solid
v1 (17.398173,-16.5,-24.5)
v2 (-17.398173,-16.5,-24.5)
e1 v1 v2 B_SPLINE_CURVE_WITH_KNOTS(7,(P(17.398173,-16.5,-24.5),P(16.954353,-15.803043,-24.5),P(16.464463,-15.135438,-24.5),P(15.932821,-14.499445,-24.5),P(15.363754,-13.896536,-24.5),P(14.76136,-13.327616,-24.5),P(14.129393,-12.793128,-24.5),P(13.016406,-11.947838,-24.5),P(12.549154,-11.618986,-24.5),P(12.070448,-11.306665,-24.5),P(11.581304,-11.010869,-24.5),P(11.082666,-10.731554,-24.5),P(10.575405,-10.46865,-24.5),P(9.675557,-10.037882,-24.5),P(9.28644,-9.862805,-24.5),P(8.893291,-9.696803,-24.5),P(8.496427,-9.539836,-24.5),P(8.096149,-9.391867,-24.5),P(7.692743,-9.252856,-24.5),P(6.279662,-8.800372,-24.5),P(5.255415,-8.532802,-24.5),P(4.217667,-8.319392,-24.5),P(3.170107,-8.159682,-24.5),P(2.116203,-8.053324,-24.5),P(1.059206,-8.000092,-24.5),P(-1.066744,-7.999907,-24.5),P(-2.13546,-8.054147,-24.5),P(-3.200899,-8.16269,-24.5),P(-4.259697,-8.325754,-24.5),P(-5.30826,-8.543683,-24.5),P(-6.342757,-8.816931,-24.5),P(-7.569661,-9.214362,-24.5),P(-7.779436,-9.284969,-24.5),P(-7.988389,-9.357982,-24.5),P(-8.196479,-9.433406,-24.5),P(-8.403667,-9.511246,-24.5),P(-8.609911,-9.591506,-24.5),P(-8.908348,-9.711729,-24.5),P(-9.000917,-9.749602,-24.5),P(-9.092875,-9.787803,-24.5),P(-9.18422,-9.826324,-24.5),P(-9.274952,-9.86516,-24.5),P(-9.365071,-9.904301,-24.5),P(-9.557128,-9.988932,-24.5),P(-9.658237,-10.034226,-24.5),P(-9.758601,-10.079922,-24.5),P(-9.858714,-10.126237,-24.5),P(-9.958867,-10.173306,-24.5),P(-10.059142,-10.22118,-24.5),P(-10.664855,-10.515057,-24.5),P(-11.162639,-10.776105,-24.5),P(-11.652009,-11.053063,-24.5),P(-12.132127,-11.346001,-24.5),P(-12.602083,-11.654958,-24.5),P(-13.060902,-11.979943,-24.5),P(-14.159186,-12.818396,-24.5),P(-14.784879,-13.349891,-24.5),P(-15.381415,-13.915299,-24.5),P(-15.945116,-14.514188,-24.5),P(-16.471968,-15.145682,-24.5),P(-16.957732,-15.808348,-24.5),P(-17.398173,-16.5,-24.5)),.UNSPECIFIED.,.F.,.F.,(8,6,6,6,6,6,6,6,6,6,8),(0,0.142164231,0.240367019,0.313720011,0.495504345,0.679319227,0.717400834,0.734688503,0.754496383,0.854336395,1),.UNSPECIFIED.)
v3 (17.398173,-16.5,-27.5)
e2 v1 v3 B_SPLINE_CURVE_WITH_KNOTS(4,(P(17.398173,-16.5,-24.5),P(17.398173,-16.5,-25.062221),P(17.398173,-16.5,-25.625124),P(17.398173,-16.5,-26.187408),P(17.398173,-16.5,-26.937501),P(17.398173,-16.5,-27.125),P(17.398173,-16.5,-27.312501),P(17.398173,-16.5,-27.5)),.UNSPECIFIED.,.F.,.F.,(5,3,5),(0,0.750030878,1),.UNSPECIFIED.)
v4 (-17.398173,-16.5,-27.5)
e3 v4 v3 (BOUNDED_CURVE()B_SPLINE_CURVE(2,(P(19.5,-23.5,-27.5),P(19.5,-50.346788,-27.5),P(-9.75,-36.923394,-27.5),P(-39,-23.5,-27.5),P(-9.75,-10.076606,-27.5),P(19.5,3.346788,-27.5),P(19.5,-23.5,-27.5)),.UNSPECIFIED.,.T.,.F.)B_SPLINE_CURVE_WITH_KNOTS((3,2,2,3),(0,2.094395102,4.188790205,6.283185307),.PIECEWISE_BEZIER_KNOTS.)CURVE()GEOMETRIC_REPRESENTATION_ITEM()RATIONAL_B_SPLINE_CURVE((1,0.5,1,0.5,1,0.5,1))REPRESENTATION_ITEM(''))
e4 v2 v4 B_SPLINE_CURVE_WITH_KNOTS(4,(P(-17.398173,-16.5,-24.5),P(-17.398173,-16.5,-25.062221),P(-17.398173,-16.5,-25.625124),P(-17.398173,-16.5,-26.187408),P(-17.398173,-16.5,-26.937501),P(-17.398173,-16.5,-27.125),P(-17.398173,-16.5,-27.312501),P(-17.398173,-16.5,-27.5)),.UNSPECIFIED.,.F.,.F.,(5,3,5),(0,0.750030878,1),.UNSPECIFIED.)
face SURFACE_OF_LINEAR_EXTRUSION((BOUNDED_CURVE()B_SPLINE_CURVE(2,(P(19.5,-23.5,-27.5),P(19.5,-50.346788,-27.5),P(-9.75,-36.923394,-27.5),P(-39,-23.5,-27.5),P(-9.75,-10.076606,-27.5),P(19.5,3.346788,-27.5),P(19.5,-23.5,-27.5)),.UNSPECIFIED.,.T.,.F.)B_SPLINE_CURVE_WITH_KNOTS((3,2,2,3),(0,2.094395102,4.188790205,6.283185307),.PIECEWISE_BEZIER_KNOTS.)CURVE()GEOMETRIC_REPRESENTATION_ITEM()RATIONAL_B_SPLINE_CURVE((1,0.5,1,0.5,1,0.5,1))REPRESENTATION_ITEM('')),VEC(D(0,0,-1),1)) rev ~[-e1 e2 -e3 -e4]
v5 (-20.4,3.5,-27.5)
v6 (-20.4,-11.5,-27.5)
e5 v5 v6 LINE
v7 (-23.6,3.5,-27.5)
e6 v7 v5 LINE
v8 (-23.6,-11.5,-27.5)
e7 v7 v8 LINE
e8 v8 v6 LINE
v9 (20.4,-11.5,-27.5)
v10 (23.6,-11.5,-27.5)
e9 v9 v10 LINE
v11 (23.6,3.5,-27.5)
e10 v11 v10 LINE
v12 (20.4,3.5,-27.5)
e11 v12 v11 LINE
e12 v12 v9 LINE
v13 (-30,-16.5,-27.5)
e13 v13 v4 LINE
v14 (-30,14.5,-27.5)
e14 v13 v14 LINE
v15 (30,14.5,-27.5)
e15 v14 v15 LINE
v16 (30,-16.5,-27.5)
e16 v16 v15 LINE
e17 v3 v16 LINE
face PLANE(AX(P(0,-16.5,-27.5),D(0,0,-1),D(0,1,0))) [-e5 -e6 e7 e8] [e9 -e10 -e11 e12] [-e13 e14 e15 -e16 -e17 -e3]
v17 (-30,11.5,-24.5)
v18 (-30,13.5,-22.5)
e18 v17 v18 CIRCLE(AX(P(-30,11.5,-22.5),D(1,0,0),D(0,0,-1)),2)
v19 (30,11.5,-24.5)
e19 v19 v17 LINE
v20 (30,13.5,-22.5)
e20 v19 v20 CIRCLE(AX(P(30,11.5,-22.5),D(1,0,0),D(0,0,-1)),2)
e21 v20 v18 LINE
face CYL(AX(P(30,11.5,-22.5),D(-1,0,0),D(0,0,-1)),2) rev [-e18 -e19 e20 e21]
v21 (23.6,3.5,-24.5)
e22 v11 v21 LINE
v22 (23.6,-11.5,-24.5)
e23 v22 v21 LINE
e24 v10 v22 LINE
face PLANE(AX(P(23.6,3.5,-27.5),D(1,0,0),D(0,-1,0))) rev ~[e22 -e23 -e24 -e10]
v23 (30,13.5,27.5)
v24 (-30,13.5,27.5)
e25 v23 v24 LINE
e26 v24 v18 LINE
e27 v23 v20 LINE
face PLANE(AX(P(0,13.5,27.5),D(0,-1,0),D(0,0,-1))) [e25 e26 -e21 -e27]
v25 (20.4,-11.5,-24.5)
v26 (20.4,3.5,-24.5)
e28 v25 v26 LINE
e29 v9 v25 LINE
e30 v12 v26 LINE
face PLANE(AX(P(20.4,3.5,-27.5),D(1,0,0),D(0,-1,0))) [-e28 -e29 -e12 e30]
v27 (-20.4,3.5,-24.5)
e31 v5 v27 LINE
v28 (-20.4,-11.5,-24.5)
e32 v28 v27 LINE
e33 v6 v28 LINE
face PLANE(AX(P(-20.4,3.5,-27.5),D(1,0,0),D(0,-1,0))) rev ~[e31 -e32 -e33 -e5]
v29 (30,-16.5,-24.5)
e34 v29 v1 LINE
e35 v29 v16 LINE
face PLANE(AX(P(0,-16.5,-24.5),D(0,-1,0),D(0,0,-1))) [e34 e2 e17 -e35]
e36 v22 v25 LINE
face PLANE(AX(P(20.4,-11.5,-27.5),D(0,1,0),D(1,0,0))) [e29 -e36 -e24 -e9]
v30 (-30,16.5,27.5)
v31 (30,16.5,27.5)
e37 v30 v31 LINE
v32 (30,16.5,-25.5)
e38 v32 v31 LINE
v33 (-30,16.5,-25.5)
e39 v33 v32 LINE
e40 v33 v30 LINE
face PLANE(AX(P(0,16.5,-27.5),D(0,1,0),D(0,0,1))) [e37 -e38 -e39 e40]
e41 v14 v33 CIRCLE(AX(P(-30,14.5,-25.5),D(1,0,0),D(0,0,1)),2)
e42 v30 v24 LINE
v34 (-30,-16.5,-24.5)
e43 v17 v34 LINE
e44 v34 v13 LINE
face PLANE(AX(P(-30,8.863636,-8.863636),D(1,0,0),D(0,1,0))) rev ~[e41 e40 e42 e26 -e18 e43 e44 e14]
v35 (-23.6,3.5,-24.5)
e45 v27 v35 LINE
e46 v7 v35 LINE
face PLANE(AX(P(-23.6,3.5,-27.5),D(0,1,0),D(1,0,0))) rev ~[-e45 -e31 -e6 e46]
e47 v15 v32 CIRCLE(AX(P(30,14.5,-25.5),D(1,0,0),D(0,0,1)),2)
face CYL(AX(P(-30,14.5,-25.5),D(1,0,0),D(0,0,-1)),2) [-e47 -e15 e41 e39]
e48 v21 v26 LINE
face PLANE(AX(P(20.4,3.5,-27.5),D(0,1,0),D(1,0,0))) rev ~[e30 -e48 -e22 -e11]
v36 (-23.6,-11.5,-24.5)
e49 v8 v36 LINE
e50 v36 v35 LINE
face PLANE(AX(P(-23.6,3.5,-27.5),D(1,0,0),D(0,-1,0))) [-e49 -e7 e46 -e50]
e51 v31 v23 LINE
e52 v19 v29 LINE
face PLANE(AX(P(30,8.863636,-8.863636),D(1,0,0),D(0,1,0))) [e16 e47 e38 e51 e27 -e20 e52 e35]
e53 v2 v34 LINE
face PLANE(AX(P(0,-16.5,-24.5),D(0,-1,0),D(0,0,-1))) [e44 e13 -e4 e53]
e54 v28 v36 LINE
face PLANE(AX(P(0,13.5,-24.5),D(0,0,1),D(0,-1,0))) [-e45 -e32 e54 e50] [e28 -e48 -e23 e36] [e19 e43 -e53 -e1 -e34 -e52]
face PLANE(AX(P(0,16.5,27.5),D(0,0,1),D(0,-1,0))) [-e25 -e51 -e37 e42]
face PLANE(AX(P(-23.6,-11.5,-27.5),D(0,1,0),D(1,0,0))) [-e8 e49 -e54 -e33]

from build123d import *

# Parameters (mm, degrees)
F1_DEPTH = 30
F2_W     = 3.2
F2_H     = 15
F3_DEPTH = 25
F5_DEPTH = 25
F6_R     = 2


with BuildPart() as f1:
    # F0 (on Right) → F1 (new body, symmetric)
    with BuildSketch(Plane.YZ):
        Polygon((-16.5, -24.5), (-16.5, -27.5), (16.5, -27.5), (16.5, 27.5), (13.5, 27.5), (13.5, -24.5), align=None)
    extrude(amount=F1_DEPTH, both=True)

    # F2 (on face) → F3 (cut)
    with BuildSketch(Plane(origin=(0, 0, -27.5), x_dir=(1, 0, 0), z_dir=(0, 0, -1))):
        with Locations((22, 4)):
            Rectangle(F2_W, F2_H)
        with Locations((-22, 4)):
            Rectangle(F2_W, F2_H)
    extrude(amount=-F3_DEPTH, mode=Mode.SUBTRACT)

    # F4 (on face) → F5 (cut)
    with BuildSketch(Plane(origin=(0, 0, -27.5), x_dir=(1, 0, 0), z_dir=(0, 0, -1))):
        with BuildLine():
            add(Edge.make_bspline(
                [(19.5, 23.5), (19.5, 50.3467875173), (-9.75, 36.9233937587), (-39, 23.5), (-9.75, 10.0766062413), (19.5, -3.3467875173), (19.5, 23.5)],
                knots=[0, 0, 0, 2.0943951024, 2.0943951024, 4.1887902048, 4.1887902048, 6.2831853072, 6.2831853072, 6.2831853072], degree=2, weights=[1, 0.5, 1, 0.5, 1, 0.5, 1]))
        make_face()
    extrude(amount=-F5_DEPTH, mode=Mode.SUBTRACT)

    # F6
    f6_edges = [f1.edges().sort_by_distance(p)[0] for p in [
        (0, 13.5, -24.5),
        (0, 16.5, -27.5),
    ]]
    fillet(f6_edges, radius=F6_R)


solid = f1.part
